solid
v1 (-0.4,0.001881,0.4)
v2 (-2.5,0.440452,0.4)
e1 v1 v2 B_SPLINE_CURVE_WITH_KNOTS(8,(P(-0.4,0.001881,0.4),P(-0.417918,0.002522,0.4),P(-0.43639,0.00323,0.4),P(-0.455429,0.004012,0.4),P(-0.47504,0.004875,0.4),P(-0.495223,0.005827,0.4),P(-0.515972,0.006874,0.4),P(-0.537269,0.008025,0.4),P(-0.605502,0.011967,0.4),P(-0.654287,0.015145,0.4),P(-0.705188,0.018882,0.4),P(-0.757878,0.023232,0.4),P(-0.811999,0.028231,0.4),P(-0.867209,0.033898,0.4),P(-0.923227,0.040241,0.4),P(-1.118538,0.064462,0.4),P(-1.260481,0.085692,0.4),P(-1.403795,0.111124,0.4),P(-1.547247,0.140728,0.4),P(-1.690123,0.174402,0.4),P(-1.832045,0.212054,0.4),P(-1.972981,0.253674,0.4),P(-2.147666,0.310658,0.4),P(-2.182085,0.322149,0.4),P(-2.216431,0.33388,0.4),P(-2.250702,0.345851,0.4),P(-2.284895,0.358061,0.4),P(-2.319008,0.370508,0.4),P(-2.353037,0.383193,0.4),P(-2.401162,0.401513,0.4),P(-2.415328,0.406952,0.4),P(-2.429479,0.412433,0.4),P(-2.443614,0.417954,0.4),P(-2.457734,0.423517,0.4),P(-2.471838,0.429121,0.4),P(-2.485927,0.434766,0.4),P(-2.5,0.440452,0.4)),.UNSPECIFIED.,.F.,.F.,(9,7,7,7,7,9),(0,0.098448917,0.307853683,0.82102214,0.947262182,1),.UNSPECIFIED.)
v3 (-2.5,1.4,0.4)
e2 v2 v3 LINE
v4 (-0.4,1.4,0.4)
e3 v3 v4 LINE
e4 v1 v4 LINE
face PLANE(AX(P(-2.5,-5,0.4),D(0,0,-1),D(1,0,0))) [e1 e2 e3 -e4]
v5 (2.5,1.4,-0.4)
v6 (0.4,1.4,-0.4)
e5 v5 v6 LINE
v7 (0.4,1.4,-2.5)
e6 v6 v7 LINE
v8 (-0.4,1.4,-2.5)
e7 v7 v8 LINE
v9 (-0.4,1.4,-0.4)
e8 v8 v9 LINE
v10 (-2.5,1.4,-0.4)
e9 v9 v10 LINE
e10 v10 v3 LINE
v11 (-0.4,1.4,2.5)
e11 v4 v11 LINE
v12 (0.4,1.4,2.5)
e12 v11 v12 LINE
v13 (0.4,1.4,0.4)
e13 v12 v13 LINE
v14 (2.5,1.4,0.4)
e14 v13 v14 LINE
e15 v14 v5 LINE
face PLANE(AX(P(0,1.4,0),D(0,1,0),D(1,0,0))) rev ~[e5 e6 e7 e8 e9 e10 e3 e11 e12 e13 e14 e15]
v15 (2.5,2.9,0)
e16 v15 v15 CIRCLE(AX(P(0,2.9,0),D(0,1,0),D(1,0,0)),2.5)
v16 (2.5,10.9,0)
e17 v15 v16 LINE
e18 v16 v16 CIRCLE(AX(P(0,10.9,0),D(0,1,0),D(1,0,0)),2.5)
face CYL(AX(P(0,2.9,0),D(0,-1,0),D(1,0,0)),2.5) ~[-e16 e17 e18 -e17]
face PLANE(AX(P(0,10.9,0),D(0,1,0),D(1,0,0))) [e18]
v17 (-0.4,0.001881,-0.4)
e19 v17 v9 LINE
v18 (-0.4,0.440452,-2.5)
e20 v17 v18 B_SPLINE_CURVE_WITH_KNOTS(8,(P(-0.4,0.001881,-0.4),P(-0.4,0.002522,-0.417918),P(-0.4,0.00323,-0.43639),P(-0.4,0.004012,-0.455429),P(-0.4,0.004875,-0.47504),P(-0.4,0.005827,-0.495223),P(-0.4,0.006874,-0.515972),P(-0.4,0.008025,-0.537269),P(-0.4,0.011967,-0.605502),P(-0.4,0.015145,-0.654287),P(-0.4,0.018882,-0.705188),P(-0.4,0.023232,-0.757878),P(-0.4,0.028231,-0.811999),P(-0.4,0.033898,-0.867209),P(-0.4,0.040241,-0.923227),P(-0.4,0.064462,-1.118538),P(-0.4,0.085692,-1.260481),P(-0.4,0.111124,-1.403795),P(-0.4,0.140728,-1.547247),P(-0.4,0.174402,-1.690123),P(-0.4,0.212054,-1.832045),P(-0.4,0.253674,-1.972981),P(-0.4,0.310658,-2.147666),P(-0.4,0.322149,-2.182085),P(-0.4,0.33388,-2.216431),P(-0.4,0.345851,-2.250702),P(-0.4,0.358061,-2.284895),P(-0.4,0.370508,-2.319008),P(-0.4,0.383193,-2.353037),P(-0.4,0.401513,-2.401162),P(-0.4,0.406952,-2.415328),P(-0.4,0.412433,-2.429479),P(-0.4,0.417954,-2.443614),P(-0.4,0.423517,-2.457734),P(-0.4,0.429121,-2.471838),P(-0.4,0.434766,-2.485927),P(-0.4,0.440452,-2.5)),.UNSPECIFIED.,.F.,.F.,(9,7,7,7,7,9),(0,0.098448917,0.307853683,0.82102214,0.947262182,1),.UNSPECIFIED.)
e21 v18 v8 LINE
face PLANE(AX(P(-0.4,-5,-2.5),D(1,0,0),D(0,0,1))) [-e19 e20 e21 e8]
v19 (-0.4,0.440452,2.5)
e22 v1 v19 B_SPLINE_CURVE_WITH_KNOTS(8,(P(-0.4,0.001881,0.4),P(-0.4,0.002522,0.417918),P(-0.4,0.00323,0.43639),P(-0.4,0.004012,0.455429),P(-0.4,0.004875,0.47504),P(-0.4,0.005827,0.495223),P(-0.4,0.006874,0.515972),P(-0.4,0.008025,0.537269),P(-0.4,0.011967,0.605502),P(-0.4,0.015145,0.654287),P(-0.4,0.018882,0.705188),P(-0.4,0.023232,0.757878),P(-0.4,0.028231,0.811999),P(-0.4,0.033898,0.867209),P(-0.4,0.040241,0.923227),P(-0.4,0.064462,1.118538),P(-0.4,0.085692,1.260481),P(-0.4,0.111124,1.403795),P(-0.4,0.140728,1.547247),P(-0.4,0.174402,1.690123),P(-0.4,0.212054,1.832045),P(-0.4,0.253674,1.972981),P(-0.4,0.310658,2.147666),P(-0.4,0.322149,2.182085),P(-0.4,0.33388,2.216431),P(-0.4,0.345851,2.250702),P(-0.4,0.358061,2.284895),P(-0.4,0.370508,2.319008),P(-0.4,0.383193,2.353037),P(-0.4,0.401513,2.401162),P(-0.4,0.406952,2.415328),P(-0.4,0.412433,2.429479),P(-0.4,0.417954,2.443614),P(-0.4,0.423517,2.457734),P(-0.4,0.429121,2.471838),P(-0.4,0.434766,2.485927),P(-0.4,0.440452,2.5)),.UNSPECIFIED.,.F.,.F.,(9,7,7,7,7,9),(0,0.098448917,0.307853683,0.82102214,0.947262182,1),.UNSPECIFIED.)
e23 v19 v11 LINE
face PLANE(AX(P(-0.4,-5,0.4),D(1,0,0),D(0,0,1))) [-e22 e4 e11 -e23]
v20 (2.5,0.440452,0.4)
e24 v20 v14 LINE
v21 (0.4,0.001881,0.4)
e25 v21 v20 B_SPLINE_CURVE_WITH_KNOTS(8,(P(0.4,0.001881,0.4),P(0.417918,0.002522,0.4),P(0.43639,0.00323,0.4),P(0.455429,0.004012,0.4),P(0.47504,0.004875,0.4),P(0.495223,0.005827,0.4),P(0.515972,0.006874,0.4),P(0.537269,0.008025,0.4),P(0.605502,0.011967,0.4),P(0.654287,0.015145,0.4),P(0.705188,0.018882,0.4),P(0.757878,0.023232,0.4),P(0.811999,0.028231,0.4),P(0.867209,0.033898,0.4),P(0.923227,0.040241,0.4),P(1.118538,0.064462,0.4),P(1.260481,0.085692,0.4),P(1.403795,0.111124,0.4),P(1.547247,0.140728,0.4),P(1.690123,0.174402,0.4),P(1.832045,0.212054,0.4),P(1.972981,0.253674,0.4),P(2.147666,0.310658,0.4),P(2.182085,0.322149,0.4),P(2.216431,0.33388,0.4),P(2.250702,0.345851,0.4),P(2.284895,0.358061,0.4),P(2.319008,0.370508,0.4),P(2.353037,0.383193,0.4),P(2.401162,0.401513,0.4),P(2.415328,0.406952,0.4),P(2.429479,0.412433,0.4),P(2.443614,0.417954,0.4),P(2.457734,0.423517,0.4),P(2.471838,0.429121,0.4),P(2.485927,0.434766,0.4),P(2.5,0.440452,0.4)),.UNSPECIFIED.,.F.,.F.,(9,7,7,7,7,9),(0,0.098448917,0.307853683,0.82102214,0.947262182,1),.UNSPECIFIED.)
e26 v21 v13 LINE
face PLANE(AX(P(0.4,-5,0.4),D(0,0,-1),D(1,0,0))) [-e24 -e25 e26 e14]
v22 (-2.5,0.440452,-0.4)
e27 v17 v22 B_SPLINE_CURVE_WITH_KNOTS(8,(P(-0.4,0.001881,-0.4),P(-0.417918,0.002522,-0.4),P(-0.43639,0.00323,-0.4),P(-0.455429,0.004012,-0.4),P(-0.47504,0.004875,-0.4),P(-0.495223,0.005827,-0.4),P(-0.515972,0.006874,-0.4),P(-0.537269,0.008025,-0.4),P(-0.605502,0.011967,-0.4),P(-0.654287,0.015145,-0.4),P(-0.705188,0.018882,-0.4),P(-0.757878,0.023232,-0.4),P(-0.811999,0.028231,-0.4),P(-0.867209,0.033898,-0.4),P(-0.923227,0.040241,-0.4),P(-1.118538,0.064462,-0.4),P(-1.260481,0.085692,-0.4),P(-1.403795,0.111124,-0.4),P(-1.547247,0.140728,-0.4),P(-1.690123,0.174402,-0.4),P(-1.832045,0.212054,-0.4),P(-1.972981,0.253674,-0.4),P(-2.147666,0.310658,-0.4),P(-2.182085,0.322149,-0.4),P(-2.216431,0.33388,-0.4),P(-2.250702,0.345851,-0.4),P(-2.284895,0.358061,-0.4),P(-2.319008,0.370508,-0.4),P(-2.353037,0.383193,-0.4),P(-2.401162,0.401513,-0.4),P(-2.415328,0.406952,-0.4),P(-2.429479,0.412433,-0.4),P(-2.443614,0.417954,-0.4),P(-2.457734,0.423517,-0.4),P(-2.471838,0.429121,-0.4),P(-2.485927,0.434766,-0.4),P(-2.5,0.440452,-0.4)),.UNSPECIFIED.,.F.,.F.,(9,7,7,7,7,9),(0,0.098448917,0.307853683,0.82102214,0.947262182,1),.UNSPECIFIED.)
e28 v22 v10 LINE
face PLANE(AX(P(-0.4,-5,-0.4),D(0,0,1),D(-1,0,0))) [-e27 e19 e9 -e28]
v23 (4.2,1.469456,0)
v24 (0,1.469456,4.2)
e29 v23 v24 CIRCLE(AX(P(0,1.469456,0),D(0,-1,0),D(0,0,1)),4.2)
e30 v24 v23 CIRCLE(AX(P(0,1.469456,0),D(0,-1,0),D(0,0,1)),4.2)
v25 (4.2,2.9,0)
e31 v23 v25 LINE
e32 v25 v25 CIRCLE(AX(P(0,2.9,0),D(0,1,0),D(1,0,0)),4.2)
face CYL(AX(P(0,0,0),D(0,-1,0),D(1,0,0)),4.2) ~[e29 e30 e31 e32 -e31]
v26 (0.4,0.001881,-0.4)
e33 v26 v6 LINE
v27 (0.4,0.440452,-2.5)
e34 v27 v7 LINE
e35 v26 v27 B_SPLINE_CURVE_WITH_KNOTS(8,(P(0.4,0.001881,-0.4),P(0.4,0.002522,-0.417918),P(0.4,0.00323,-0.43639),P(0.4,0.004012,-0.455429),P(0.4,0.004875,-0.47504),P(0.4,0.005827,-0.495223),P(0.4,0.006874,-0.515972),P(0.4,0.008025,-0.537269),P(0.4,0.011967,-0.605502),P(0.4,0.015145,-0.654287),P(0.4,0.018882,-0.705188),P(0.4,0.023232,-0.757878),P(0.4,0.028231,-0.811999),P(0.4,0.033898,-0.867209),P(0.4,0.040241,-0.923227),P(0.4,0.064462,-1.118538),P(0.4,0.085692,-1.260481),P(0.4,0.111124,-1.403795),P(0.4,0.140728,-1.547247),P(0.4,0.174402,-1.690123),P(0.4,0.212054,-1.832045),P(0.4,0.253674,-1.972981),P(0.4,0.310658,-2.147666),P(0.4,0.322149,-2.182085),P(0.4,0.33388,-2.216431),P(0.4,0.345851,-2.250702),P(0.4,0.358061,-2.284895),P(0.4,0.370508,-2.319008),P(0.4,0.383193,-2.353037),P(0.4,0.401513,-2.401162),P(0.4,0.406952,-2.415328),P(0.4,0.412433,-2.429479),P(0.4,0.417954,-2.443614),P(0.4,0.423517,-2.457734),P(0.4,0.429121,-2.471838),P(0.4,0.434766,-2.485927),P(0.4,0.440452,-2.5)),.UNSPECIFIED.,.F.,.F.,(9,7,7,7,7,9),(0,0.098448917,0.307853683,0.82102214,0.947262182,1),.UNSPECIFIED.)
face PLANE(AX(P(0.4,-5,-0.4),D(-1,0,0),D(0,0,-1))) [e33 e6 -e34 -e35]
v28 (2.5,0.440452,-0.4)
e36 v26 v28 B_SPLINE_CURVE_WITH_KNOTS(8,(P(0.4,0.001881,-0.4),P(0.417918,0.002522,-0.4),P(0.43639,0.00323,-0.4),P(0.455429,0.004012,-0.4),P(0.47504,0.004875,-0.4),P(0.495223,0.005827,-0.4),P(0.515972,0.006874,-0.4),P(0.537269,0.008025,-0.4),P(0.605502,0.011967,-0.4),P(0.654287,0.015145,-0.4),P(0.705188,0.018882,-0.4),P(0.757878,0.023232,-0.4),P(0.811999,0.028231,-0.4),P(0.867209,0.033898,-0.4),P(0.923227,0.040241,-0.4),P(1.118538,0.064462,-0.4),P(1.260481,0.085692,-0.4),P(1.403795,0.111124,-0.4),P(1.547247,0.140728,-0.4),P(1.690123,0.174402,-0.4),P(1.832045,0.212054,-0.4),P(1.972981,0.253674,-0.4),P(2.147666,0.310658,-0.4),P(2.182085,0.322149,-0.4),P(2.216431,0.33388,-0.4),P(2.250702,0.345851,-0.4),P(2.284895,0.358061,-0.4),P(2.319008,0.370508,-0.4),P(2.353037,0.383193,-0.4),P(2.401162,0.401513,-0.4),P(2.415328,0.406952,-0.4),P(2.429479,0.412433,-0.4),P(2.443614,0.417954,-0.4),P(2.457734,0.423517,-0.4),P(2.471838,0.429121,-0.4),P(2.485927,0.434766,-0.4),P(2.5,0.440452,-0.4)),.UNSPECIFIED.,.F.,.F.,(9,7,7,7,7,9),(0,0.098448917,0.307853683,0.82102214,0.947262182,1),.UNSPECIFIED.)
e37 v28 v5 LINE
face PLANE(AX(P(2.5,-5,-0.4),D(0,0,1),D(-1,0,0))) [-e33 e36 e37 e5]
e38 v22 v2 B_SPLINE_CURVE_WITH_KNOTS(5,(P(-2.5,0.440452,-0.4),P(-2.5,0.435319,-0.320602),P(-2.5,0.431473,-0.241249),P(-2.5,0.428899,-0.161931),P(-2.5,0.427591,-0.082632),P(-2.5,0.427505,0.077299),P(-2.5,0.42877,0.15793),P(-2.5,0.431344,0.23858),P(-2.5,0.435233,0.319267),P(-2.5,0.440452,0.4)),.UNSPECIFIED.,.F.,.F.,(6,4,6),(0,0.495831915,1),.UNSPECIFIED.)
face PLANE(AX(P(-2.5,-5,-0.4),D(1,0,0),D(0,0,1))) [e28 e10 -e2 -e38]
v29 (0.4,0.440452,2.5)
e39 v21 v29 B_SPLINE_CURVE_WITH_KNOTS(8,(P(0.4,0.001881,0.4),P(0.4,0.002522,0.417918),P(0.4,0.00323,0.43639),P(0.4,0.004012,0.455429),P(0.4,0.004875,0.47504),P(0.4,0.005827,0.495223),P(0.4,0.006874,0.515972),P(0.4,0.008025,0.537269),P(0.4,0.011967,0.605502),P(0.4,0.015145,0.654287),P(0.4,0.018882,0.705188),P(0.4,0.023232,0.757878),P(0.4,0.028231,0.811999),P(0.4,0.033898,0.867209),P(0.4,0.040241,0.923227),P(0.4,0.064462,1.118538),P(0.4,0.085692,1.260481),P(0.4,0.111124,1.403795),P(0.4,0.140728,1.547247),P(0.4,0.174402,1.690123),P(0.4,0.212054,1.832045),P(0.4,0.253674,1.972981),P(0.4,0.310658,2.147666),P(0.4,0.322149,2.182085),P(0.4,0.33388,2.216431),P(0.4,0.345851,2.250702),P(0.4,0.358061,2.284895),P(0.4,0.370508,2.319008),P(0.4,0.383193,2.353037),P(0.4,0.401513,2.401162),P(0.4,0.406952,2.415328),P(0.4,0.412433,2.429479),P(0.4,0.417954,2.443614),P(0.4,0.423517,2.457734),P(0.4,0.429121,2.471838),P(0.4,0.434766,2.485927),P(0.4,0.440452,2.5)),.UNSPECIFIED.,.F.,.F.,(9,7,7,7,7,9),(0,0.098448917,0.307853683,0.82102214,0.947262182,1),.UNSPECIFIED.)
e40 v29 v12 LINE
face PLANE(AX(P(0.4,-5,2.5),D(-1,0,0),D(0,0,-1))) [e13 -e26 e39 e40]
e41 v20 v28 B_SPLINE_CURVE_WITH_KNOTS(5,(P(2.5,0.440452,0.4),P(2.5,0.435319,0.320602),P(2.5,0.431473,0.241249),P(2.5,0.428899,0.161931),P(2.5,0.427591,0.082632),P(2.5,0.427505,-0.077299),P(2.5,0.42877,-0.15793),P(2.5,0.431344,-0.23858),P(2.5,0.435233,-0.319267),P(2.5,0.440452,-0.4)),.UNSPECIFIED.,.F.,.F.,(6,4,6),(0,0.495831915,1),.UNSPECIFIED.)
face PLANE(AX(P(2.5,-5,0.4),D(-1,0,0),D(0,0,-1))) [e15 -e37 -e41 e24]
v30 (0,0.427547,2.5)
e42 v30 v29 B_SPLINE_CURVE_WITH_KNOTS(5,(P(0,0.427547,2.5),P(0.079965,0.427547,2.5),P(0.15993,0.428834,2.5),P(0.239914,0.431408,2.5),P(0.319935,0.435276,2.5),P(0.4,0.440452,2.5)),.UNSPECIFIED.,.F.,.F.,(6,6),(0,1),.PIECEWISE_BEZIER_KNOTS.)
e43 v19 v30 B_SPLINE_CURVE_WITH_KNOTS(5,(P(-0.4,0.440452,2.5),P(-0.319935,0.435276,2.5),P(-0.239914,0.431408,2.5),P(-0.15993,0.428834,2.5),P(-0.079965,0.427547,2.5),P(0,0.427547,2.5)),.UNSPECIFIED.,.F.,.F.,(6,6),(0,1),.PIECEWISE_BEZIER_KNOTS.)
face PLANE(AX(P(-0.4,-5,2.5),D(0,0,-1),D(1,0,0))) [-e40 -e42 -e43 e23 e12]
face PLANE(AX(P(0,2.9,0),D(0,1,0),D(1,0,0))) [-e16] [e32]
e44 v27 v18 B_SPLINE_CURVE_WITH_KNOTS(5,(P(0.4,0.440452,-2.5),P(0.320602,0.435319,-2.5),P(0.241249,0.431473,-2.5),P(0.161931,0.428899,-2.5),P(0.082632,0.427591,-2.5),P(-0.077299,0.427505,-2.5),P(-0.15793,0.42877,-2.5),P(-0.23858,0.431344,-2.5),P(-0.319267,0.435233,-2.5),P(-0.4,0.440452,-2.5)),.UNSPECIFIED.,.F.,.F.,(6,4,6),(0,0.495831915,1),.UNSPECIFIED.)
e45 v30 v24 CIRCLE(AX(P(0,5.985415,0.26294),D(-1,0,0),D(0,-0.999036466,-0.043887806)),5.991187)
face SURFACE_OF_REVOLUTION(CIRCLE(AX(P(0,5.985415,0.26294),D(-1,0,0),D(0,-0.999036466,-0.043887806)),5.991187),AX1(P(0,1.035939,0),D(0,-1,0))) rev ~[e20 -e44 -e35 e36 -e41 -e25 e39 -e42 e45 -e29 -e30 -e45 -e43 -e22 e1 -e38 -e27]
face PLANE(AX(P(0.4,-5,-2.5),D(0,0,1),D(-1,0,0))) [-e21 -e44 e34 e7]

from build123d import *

# Parameters (mm, degrees)
SKETCH_1_R          = 4.2
EXTRUDE_1_DEPTH     = 2.9
SKETCH_2_R          = 2.5
EXTRUDE_2_DEPTH     = 8
CUT_EXTRUDE_1_DEPTH = 6.4


with BuildPart() as part:
    # 草图1 → 凸台-拉伸1 (new body)
    with BuildSketch(Plane(origin=(0, 0, 0), x_dir=(1, 0, 0), z_dir=(0, 1, 0))):
        Circle(SKETCH_1_R)
    extrude(amount=EXTRUDE_1_DEPTH)

    # 草图2 → 凸台-拉伸2 (add)
    with BuildSketch(Plane(origin=(0, 2.9, 0), x_dir=(1, 0, 0), z_dir=(0, 1, 0))):
        Circle(SKETCH_2_R)
    extrude(amount=EXTRUDE_2_DEPTH)

    # 草图3 one side → 切除-旋转1 (revolve, cut)
    with BuildSketch(Plane(origin=(0, 0, 0), x_dir=(0, 0, -1), z_dir=(1, 0, 0))):
        with BuildLine():
            ThreePointArc((0, 0), (-2.24147848, 0.330353936), (-4.2, 1.469455754))
            Line((-4.2, 1.469455754), (-5.100943616, -0.95254451))
            Line((-5.100943616, -0.95254451), (0, -0.95254451))
            Line((0, -0.95254451), (0, 0))
        make_face()
    revolve(axis=Axis((0, 1.035939113, 0), (0, -1, 0)), mode=Mode.SUBTRACT)

    # 草图4 → 切除-拉伸1 (cut)
    with BuildSketch(Plane(origin=(0, -5, 0), x_dir=(1, 0, 0), z_dir=(0, 1, 0))):
        Polygon((0.4, -2.5), (0.4, -0.4), (2.5, -0.4), (2.5, 0.4), (0.4, 0.4), (0.4, 2.5), (-0.4, 2.5), (-0.4, 0.4), (-2.5, 0.4), (-2.5, -0.4), (-0.4, -0.4), (-0.4, -2.5), align=None)
    extrude(amount=CUT_EXTRUDE_1_DEPTH, mode=Mode.SUBTRACT)


solid = part.part
